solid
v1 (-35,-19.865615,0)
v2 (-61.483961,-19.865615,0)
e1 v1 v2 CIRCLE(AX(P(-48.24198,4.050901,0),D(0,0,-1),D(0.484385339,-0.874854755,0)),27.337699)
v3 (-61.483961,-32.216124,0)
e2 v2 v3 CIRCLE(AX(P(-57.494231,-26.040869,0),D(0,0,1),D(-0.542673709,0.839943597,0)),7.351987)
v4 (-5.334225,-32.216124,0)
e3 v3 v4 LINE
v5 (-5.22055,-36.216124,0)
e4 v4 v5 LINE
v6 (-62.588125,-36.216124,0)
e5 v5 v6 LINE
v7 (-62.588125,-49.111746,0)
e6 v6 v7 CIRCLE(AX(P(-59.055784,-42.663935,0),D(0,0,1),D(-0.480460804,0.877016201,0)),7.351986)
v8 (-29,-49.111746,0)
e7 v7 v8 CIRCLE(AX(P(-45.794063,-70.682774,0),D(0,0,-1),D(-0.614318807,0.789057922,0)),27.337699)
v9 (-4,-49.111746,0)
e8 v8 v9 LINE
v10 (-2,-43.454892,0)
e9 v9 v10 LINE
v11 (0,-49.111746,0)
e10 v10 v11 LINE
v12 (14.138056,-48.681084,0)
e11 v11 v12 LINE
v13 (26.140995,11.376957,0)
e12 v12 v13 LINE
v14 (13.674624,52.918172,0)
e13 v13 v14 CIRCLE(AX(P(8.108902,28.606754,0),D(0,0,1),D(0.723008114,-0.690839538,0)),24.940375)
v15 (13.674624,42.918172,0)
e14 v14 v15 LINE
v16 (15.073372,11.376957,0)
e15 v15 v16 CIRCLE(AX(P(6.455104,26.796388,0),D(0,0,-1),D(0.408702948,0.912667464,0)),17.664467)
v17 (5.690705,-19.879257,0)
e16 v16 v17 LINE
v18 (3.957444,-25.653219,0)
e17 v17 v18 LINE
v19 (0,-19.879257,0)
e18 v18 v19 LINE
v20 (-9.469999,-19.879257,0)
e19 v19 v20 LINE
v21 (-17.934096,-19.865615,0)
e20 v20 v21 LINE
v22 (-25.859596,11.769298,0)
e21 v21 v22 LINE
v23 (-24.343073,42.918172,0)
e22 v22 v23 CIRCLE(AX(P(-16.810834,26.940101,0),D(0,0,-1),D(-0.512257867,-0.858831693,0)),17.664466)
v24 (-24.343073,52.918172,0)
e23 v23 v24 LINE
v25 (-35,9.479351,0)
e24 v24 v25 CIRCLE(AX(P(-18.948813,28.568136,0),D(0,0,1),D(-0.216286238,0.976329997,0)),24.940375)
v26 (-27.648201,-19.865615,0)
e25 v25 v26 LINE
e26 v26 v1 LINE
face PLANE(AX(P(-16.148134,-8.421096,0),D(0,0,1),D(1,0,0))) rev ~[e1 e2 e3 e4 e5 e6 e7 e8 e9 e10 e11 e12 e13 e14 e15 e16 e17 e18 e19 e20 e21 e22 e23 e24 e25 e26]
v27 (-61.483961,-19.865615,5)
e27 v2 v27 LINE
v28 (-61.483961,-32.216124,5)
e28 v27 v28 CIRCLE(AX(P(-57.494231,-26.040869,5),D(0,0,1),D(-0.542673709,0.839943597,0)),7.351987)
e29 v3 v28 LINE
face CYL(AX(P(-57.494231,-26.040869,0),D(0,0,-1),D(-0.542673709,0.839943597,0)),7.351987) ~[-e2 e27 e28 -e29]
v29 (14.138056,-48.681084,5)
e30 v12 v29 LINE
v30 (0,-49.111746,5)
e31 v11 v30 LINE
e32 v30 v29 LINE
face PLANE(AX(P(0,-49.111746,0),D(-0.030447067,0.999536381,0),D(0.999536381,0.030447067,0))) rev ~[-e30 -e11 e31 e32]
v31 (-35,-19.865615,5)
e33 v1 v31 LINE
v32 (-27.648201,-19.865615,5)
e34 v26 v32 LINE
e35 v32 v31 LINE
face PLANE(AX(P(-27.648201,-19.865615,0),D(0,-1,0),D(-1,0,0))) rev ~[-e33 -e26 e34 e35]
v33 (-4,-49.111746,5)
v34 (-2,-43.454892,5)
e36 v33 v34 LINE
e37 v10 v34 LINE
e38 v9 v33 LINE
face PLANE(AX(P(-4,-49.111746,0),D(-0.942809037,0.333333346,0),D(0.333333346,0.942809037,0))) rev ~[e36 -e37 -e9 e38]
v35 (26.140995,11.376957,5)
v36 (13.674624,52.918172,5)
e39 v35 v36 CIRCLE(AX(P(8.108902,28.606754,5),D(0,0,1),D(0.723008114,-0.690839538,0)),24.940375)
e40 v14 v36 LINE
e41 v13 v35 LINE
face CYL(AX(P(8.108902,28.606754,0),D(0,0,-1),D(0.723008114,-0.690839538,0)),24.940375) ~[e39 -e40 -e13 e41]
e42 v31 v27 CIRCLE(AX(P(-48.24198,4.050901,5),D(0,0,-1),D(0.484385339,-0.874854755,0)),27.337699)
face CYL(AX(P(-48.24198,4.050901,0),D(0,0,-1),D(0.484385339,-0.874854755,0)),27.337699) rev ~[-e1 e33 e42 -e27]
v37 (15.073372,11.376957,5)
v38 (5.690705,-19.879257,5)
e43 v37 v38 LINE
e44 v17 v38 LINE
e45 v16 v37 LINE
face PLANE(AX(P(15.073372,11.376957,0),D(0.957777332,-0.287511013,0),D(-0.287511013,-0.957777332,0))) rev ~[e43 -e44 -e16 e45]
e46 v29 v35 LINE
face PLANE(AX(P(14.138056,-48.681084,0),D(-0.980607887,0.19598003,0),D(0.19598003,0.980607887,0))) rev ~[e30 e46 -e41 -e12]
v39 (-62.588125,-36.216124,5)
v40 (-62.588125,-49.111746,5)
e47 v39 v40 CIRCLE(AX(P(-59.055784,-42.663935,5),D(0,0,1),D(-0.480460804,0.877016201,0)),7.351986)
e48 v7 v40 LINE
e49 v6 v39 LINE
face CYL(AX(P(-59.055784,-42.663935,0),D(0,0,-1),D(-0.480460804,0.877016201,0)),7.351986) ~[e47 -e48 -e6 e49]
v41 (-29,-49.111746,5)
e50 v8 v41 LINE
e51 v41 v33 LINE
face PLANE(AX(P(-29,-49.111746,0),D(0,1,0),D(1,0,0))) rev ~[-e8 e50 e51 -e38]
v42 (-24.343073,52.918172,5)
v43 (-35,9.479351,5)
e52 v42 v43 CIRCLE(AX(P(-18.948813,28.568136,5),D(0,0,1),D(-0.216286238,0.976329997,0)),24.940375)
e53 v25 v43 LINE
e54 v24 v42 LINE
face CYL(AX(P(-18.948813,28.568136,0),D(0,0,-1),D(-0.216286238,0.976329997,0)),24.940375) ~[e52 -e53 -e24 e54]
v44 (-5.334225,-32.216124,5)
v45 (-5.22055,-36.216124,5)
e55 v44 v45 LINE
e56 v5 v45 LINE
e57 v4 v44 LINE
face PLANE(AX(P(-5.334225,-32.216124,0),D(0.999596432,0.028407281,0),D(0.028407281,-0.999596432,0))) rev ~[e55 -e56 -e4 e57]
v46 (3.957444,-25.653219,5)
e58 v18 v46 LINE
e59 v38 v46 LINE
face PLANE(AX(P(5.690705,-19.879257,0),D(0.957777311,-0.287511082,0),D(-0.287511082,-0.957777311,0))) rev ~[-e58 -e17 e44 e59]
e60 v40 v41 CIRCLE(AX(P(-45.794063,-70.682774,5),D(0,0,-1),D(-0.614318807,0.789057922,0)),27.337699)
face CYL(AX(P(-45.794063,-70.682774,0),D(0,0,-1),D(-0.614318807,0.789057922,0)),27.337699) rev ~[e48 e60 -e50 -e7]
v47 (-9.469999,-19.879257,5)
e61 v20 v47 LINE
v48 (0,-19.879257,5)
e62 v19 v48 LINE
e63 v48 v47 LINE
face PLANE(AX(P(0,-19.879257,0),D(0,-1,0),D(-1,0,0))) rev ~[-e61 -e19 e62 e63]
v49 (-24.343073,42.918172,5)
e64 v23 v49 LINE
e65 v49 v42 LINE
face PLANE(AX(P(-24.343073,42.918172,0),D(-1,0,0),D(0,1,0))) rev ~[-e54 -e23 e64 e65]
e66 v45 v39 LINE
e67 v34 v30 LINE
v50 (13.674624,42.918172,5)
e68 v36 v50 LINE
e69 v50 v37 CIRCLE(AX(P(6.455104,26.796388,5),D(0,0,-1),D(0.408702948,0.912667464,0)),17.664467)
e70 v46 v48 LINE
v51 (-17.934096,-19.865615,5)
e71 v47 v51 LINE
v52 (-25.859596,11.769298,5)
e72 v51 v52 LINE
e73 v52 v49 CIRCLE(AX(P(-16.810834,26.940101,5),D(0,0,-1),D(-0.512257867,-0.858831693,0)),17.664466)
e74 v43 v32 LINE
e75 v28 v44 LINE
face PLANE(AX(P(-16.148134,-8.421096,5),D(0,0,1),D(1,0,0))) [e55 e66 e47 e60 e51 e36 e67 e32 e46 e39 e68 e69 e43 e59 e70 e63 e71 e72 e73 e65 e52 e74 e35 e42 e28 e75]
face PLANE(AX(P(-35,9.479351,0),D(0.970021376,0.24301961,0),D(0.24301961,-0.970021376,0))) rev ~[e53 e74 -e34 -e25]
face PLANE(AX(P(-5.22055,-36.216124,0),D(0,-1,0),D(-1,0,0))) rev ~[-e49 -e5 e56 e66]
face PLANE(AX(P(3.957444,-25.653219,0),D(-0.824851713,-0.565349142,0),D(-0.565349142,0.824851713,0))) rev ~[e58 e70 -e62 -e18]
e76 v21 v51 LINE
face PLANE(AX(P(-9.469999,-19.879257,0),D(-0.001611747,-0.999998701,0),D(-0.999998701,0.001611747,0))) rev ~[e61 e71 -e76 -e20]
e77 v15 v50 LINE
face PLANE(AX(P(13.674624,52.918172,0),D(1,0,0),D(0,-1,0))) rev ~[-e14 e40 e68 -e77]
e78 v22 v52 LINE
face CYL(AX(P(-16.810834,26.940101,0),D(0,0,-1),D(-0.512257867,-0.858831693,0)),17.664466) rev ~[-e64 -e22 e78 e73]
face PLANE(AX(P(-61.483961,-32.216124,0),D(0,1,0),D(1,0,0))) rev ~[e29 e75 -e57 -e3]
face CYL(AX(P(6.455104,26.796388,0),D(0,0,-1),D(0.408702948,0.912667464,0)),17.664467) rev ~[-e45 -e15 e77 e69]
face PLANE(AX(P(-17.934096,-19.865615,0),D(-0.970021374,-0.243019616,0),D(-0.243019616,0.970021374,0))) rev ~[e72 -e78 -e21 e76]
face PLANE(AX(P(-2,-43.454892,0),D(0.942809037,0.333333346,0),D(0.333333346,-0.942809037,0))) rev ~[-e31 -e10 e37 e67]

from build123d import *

# Parameters (mm, degrees)
F1_DEPTH = 5


with BuildPart() as f1:
    # F0 (on Top) → F1 (new body)
    with BuildSketch(Plane.XY):
        with BuildLine():
            Line((-29, -49.111746), (-4, -49.111746))
            Line((-4, -49.111746), (-2, -43.454892))
            Line((-2, -43.454892), (0, -49.111746))
            Line((0, -49.111746), (14.138056, -48.681084))
            Line((14.138056, -48.681084), (26.140995, 11.376957))
            ThreePointArc((26.140995, 11.376957), (31.996814, 35.775432), (13.674624, 52.918172))
            Line((13.674624, 52.918172), (13.674624, 42.918172))
            ThreePointArc((13.674624, 42.918172), (24.102227, 27.578979), (15.073372, 11.376957))
            Line((15.073372, 11.376957), (5.690705, -19.879257))
            Line((5.690705, -19.879257), (3.957444, -25.653219))
            Line((3.957444, -25.653219), (0, -19.879257))
            Line((0, -19.879257), (-9.469999, -19.879257))
            Line((-9.469999, -19.879257), (-17.934096, -19.865615))
            Line((-17.934096, -19.865615), (-25.859596, 11.769298))
            ThreePointArc((-25.859596, 11.769298), (-34.454402, 27.799101), (-24.343073, 42.918172))
            Line((-24.343073, 42.918172), (-24.343073, 52.918172))
            ThreePointArc((-24.343073, 52.918172), (-43.170902, 34.510586), (-35, 9.479351))
            Line((-35, 9.479351), (-27.648201, -19.865615))
            Line((-27.648201, -19.865615), (-35, -19.865615))
            ThreePointArc((-35, -19.865615), (-48.24198, -23.286798), (-61.483961, -19.865615))
            ThreePointArc((-61.483961, -19.865615), (-64.846218, -26.04087), (-61.483961, -32.216124))
            Line((-61.483961, -32.216124), (-5.334225, -32.216124))
            Line((-5.334225, -32.216124), (-5.22055, -36.216124))
            Line((-5.22055, -36.216124), (-62.588125, -36.216124))
            ThreePointArc((-62.588125, -36.216124), (-66.40777, -42.663935), (-62.588125, -49.111746))
            ThreePointArc((-62.588125, -49.111746), (-45.794063, -43.345075), (-29, -49.111746))
        make_face()
    extrude(amount=F1_DEPTH)


solid = f1.part
